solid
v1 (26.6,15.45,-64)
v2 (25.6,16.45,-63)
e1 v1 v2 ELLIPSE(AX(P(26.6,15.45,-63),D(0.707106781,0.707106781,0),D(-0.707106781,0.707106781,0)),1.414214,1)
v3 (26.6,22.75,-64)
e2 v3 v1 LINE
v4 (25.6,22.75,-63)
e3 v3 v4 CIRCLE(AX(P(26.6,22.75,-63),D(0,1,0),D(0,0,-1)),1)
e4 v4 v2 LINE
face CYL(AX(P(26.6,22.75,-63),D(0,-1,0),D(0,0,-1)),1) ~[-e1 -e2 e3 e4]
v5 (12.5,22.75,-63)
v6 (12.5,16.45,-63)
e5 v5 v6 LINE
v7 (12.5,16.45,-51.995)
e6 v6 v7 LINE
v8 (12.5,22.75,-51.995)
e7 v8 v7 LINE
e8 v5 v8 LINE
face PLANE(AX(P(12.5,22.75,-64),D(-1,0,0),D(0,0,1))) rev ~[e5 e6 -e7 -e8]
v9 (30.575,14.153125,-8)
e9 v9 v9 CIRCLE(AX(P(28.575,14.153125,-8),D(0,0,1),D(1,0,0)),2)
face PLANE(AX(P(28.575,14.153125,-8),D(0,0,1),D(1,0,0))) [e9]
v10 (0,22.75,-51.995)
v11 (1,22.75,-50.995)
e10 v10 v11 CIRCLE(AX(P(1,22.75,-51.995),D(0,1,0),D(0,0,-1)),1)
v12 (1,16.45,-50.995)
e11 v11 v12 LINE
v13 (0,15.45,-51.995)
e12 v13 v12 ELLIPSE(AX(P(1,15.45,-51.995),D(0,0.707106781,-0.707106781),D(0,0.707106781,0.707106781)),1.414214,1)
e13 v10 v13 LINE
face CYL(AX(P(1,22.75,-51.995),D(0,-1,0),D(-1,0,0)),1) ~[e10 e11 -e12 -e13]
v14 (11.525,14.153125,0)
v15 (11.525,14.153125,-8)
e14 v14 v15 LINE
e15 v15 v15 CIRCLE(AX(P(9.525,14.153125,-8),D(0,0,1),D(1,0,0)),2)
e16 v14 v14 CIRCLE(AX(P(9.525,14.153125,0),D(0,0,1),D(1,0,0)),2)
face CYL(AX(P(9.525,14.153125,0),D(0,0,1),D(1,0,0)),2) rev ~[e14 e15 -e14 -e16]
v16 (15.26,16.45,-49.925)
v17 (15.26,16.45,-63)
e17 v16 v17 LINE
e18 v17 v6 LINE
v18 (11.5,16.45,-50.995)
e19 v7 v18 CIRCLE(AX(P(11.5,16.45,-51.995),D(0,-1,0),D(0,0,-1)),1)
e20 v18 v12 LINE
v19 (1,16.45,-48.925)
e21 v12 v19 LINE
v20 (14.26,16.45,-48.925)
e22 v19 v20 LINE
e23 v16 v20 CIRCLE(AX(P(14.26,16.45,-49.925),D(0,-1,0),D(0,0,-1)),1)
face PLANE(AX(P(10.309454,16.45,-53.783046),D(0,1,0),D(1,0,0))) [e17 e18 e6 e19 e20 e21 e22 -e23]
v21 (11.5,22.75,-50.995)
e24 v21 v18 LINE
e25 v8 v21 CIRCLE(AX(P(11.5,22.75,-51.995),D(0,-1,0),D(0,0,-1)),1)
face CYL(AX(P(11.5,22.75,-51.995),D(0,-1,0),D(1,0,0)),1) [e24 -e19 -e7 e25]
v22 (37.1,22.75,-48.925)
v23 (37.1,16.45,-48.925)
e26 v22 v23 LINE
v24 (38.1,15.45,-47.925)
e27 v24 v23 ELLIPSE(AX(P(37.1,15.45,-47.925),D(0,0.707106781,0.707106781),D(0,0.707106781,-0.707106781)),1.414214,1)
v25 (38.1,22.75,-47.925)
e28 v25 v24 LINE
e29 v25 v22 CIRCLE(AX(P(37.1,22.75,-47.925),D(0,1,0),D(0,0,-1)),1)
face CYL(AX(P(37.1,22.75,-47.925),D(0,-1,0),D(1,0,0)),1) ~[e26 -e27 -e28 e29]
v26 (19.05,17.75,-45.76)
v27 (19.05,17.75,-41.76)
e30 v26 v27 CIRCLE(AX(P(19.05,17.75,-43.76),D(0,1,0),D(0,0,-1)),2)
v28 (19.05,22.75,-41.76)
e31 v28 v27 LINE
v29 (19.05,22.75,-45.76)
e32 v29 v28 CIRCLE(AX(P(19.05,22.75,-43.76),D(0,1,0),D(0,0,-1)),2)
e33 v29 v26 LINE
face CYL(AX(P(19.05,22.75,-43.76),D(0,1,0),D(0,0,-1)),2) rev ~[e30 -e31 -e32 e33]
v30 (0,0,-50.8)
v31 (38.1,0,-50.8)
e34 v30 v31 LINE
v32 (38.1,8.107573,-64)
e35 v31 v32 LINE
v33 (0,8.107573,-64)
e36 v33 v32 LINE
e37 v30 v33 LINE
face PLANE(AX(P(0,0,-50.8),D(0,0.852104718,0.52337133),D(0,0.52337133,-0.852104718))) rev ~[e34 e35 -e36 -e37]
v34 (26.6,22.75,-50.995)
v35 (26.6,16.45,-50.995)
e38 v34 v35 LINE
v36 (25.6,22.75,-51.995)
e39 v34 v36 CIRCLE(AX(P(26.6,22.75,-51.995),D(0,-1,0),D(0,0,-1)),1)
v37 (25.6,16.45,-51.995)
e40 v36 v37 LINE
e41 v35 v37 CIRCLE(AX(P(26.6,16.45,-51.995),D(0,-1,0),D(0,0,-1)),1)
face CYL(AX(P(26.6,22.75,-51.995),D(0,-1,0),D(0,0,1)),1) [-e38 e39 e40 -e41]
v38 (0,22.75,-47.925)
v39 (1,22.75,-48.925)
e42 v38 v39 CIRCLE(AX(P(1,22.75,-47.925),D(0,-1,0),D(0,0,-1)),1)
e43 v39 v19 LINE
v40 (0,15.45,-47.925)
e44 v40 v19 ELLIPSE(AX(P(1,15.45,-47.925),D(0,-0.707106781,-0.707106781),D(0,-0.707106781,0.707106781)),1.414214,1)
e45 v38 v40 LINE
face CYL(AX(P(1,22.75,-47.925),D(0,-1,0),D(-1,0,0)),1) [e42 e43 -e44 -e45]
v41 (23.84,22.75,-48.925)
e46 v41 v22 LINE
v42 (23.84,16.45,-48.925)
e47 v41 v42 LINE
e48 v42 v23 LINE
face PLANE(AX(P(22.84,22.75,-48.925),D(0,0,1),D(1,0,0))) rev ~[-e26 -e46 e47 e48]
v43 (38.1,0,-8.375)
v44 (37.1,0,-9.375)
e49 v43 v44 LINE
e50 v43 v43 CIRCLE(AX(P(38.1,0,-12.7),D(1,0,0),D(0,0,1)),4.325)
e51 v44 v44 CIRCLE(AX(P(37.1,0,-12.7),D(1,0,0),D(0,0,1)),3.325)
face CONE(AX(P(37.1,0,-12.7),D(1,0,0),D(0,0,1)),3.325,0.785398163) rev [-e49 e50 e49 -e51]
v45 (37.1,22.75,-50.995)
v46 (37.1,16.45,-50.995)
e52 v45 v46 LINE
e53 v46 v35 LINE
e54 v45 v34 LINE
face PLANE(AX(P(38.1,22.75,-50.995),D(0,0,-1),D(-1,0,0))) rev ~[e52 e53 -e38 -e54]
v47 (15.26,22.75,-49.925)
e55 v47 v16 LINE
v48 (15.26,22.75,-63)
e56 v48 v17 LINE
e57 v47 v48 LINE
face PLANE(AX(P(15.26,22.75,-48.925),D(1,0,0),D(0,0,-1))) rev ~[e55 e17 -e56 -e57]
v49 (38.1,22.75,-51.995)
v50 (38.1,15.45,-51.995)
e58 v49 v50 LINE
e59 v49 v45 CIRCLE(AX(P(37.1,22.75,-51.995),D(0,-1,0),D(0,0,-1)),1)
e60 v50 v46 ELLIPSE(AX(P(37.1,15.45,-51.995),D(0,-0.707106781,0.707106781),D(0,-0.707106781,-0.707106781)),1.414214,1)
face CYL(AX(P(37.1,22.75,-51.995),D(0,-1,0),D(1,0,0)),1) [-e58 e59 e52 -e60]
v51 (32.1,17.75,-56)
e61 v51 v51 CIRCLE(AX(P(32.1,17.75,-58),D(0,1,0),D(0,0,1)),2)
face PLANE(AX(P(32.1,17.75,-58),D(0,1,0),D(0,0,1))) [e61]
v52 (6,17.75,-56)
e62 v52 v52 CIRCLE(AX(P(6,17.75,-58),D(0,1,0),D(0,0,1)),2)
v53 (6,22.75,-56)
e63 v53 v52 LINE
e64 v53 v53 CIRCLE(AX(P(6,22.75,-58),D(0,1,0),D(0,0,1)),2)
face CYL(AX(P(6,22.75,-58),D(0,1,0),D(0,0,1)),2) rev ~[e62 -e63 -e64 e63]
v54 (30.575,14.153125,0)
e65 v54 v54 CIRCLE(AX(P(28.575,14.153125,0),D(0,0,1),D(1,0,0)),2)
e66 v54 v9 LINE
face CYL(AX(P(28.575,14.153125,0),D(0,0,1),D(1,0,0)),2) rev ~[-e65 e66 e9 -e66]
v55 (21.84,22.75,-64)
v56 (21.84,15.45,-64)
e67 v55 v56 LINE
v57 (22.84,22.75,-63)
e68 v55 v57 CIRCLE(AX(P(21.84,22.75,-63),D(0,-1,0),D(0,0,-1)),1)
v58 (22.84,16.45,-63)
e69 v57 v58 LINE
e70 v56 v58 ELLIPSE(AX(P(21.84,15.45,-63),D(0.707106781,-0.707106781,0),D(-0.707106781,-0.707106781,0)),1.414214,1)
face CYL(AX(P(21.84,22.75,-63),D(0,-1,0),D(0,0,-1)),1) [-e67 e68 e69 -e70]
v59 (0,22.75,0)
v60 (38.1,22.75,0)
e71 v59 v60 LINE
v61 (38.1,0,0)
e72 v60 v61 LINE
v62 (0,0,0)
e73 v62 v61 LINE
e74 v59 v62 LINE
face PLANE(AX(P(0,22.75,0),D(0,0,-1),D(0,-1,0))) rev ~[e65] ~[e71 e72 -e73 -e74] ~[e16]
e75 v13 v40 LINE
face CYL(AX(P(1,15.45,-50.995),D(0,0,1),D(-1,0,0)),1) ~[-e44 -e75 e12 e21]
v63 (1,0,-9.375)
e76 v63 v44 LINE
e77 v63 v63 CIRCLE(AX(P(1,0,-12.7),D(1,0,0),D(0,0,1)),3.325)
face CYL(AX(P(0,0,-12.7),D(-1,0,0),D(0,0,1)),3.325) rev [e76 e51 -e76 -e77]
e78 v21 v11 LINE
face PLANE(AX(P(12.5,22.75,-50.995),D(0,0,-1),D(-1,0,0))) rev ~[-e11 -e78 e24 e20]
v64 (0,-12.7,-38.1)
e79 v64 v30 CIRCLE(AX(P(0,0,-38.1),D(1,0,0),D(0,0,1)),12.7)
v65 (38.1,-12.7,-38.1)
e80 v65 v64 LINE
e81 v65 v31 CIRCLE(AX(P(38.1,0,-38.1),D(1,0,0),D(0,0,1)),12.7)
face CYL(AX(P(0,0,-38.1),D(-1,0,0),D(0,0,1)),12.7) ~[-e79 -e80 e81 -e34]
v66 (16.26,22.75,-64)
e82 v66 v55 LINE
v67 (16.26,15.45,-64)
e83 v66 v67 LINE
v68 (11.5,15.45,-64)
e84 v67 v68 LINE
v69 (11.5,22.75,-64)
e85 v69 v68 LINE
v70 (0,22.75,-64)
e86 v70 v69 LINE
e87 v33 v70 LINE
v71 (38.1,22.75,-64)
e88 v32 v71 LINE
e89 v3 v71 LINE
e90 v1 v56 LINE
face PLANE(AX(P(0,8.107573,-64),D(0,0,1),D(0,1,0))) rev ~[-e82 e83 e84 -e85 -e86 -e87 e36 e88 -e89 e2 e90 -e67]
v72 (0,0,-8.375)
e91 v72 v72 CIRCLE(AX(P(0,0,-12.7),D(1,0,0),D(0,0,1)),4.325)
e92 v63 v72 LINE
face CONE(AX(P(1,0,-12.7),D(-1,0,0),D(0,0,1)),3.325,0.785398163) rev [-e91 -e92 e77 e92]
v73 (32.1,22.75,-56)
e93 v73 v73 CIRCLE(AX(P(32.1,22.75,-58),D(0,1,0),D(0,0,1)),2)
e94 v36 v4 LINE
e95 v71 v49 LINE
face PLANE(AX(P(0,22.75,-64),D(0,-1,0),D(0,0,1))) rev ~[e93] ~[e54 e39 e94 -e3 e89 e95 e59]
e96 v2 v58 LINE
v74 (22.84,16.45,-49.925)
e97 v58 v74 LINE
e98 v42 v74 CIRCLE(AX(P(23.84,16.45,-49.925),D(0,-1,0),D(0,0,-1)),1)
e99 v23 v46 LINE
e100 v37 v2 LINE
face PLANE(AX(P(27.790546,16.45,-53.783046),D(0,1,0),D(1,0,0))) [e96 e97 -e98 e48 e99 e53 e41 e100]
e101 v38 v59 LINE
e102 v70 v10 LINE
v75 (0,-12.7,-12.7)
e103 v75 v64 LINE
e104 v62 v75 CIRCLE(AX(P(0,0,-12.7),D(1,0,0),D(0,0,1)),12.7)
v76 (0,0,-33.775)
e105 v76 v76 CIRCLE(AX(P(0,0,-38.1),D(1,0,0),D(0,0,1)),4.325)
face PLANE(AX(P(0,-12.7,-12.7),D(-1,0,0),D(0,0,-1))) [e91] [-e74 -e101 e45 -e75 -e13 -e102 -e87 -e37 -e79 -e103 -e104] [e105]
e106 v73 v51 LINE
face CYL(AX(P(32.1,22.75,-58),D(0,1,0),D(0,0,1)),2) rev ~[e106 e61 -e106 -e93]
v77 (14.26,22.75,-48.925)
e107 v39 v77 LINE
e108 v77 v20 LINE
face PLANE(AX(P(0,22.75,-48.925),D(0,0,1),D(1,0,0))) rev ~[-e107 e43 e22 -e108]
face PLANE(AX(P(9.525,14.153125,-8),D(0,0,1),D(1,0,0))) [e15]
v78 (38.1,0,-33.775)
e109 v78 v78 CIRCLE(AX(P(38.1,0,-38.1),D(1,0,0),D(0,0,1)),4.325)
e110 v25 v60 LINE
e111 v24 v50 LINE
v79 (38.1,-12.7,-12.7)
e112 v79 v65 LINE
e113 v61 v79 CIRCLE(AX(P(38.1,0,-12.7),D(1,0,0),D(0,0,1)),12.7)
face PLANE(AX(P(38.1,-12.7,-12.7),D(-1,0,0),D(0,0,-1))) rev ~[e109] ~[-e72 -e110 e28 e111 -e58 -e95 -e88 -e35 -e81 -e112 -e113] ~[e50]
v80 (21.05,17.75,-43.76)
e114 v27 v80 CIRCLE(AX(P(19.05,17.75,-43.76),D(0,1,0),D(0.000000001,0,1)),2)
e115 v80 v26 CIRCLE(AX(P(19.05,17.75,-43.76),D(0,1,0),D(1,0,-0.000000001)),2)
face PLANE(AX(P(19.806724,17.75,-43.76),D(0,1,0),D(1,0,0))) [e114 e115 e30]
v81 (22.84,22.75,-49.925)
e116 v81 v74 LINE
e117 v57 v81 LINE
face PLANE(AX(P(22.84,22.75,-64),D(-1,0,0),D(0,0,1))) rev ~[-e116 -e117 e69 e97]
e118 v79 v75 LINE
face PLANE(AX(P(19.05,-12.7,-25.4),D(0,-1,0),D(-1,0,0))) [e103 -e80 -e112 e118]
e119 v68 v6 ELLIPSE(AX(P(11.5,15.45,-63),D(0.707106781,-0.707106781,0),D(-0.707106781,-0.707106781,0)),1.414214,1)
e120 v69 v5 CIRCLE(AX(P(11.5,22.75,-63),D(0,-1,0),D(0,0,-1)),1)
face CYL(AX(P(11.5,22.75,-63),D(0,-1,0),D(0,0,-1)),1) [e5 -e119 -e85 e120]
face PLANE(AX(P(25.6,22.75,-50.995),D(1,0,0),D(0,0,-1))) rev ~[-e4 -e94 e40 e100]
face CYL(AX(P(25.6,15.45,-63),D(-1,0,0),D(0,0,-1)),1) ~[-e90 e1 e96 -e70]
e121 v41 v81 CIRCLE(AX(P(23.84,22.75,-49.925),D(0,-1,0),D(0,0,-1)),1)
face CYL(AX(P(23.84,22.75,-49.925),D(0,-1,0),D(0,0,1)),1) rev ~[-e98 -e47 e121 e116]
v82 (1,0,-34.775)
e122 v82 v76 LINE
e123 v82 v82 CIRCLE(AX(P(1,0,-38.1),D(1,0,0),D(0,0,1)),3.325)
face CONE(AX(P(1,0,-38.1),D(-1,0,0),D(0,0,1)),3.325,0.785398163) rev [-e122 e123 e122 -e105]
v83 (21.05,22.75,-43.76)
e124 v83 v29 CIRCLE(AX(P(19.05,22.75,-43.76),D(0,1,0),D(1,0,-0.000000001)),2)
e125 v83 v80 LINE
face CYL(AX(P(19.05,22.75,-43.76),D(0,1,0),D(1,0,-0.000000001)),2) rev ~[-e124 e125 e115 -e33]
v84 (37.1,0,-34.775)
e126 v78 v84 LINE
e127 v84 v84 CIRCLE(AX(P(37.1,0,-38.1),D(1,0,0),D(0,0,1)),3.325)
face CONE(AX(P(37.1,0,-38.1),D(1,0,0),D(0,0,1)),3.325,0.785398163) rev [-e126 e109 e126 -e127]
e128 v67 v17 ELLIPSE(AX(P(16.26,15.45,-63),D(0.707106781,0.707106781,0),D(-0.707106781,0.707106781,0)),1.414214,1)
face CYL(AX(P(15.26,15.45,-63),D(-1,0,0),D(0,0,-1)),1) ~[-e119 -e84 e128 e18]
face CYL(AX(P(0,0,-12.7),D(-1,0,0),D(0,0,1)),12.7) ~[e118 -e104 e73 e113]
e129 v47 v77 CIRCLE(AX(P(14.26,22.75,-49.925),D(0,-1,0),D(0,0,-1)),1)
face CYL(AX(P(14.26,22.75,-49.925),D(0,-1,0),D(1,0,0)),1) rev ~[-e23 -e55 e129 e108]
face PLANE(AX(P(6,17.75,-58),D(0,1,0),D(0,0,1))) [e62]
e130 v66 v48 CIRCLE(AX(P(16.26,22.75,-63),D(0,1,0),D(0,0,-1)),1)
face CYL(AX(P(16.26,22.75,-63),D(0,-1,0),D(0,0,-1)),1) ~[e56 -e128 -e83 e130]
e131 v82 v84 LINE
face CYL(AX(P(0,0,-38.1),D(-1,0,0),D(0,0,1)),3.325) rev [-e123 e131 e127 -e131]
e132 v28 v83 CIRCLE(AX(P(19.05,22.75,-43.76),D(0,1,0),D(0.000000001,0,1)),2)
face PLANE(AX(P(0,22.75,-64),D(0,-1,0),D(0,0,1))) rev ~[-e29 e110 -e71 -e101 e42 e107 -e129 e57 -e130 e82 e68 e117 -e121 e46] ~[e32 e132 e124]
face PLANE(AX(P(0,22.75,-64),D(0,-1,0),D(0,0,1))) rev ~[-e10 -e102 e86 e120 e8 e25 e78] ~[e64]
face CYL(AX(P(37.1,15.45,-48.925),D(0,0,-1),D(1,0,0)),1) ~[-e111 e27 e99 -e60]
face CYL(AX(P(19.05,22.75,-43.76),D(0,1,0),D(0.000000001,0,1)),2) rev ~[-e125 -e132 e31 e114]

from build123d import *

# Parameters (mm, degrees)
SKETCH1_R           = 3.325
BOSS_EXTRUDE2_DEPTH = 38.1
BOSS_EXTRUDE3_REACH = 84.488
SKETCH6_W           = 38.1
SKETCH6_H           = 25.4
SKETCH10_R          = 2
CUT_EXTRUDE6_DEPTH  = 8
CHAMFER1_SIZE       = 1
CUT_EXTRUDE9_DEPTH  = 6.3
FILLET3_R           = 1
SKETCH16_R          = 2
CUT_EXTRUDE10_DEPTH = 5


with BuildPart() as part:
    # Sketch1 → Boss-Extrude2 (new body)
    with BuildSketch(Plane(origin=(0, 0, 0), x_dir=(0, 0, -1), z_dir=(1, 0, 0))):
        with BuildLine():
            Line((0, 22.75), (0, 0))
            ThreePointArc((0, 0), (12.7, -12.7), (25.4, 0))
            ThreePointArc((25.4, 0), (38.1, -12.7), (50.8, 0))
            Line((50.8, 0), (64, 8.107573416))
            Line((64, 8.107573416), (64, 22.75))
            Line((64, 22.75), (0, 22.75))
        make_face()
        with Locations(Location((38.1, 0, 0), (0, 0, 180))):
            Circle(SKETCH1_R, mode=Mode.SUBTRACT)
        with Locations(Location((12.7, 0, 0), (0, 0, 180))):
            Circle(SKETCH1_R, mode=Mode.SUBTRACT)
    extrude(amount=BOSS_EXTRUDE2_DEPTH)

    # Sketch6 → Boss-Extrude3 (add, up to next)
    with BuildSketch(Plane(origin=(0, -12.7, 0), x_dir=(-1, 0, 0), z_dir=(0, -1, 0)), mode=Mode.PRIVATE) as boss_extrude3_sk1:
        with Locations((-19.05, 25.4)):
            Rectangle(SKETCH6_W, SKETCH6_H)
    boss_extrude3_tool1 = extrude(boss_extrude3_sk1.sketch, amount=-BOSS_EXTRUDE3_REACH, mode=Mode.PRIVATE) - part.part
    add(boss_extrude3_tool1.solids().sort_by_distance((19.05, -12.7, -25.4))[0])

    # Sketch10 → Cut-Extrude6 (cut)
    with BuildSketch(Plane.XY):
        with Locations((9.525, 14.153125)):
            Circle(SKETCH10_R)
        with Locations((28.575, 14.153125)):
            Circle(SKETCH10_R)
    extrude(amount=-CUT_EXTRUDE6_DEPTH, mode=Mode.SUBTRACT)

    # Chamfer1
    chamfer1_edges = [part.edges().sort_by_distance(p)[0] for p in [
        (0, 0, -16.025),
        (0, 0, -41.425),
        (38.1, 0, -41.425),
        (38.1, 0, -16.025),
    ]]
    chamfer(chamfer1_edges, length=CHAMFER1_SIZE)

    # Sketch15 → Cut-Extrude9 (cut)
    with BuildSketch(Plane(origin=(0, 22.75, 0), x_dir=(1, 0, 0), z_dir=(0, 1, 0))):
        Polygon((12.5, 50.995), (0, 50.995), (0, 48.925), (15.26, 48.925), (15.26, 64), (12.5, 64), align=None)
        Polygon((25.6, 64), (22.84, 64), (22.84, 48.925), (38.1, 48.925), (38.1, 50.995), (25.6, 50.995), align=None)
    extrude(amount=-CUT_EXTRUDE9_DEPTH, mode=Mode.SUBTRACT)

    # Fillet3
    fillet3_edges = [part.edges().sort_by_distance(p)[0] for p in [
        (15.26, 19.6, -48.925),
        (0, 16.45, -49.96),
        (0, 19.6, -48.925),
        (0, 19.6, -50.995),
        (12.5, 19.6, -50.995),
        (13.88, 16.45, -64),
        (12.5, 19.6, -64),
        (15.26, 19.6, -64),
        (38.1, 16.45, -49.96),
        (38.1, 19.6, -50.995),
        (38.1, 19.6, -48.925),
        (22.84, 19.6, -48.925),
        (24.22, 16.45, -64),
        (22.84, 19.6, -64),
        (25.6, 19.6, -64),
        (25.6, 19.6, -50.995),
    ]]
    fillet(fillet3_edges, radius=FILLET3_R)

    # Sketch16 → Cut-Extrude10 (cut)
    with BuildSketch(Plane(origin=(0, 22.75, 0), x_dir=(1, 0, 0), z_dir=(0, 1, 0))):
        with Locations(Location((32.1, 58, 0), (0, 0, 270))):
            Circle(SKETCH16_R)
        with BuildLine():
            ThreePointArc((21.05, 43.76), (20.464213562, 45.174213562), (19.05, 45.76))
            Line((19.05, 45.76), (19.05, 41.76))
            ThreePointArc((19.05, 41.76), (20.464213562, 42.345786438), (21.05, 43.76))
        make_face()
        with BuildLine():
            Line((19.05, 41.76), (19.05, 45.76))
            ThreePointArc((19.05, 45.76), (17.05, 43.76), (19.05, 41.76))
        make_face()
        with Locations(Location((6, 58, 0), (0, 0, 270))):
            Circle(SKETCH16_R)
    extrude(amount=-CUT_EXTRUDE10_DEPTH, mode=Mode.SUBTRACT)


solid = part.part
